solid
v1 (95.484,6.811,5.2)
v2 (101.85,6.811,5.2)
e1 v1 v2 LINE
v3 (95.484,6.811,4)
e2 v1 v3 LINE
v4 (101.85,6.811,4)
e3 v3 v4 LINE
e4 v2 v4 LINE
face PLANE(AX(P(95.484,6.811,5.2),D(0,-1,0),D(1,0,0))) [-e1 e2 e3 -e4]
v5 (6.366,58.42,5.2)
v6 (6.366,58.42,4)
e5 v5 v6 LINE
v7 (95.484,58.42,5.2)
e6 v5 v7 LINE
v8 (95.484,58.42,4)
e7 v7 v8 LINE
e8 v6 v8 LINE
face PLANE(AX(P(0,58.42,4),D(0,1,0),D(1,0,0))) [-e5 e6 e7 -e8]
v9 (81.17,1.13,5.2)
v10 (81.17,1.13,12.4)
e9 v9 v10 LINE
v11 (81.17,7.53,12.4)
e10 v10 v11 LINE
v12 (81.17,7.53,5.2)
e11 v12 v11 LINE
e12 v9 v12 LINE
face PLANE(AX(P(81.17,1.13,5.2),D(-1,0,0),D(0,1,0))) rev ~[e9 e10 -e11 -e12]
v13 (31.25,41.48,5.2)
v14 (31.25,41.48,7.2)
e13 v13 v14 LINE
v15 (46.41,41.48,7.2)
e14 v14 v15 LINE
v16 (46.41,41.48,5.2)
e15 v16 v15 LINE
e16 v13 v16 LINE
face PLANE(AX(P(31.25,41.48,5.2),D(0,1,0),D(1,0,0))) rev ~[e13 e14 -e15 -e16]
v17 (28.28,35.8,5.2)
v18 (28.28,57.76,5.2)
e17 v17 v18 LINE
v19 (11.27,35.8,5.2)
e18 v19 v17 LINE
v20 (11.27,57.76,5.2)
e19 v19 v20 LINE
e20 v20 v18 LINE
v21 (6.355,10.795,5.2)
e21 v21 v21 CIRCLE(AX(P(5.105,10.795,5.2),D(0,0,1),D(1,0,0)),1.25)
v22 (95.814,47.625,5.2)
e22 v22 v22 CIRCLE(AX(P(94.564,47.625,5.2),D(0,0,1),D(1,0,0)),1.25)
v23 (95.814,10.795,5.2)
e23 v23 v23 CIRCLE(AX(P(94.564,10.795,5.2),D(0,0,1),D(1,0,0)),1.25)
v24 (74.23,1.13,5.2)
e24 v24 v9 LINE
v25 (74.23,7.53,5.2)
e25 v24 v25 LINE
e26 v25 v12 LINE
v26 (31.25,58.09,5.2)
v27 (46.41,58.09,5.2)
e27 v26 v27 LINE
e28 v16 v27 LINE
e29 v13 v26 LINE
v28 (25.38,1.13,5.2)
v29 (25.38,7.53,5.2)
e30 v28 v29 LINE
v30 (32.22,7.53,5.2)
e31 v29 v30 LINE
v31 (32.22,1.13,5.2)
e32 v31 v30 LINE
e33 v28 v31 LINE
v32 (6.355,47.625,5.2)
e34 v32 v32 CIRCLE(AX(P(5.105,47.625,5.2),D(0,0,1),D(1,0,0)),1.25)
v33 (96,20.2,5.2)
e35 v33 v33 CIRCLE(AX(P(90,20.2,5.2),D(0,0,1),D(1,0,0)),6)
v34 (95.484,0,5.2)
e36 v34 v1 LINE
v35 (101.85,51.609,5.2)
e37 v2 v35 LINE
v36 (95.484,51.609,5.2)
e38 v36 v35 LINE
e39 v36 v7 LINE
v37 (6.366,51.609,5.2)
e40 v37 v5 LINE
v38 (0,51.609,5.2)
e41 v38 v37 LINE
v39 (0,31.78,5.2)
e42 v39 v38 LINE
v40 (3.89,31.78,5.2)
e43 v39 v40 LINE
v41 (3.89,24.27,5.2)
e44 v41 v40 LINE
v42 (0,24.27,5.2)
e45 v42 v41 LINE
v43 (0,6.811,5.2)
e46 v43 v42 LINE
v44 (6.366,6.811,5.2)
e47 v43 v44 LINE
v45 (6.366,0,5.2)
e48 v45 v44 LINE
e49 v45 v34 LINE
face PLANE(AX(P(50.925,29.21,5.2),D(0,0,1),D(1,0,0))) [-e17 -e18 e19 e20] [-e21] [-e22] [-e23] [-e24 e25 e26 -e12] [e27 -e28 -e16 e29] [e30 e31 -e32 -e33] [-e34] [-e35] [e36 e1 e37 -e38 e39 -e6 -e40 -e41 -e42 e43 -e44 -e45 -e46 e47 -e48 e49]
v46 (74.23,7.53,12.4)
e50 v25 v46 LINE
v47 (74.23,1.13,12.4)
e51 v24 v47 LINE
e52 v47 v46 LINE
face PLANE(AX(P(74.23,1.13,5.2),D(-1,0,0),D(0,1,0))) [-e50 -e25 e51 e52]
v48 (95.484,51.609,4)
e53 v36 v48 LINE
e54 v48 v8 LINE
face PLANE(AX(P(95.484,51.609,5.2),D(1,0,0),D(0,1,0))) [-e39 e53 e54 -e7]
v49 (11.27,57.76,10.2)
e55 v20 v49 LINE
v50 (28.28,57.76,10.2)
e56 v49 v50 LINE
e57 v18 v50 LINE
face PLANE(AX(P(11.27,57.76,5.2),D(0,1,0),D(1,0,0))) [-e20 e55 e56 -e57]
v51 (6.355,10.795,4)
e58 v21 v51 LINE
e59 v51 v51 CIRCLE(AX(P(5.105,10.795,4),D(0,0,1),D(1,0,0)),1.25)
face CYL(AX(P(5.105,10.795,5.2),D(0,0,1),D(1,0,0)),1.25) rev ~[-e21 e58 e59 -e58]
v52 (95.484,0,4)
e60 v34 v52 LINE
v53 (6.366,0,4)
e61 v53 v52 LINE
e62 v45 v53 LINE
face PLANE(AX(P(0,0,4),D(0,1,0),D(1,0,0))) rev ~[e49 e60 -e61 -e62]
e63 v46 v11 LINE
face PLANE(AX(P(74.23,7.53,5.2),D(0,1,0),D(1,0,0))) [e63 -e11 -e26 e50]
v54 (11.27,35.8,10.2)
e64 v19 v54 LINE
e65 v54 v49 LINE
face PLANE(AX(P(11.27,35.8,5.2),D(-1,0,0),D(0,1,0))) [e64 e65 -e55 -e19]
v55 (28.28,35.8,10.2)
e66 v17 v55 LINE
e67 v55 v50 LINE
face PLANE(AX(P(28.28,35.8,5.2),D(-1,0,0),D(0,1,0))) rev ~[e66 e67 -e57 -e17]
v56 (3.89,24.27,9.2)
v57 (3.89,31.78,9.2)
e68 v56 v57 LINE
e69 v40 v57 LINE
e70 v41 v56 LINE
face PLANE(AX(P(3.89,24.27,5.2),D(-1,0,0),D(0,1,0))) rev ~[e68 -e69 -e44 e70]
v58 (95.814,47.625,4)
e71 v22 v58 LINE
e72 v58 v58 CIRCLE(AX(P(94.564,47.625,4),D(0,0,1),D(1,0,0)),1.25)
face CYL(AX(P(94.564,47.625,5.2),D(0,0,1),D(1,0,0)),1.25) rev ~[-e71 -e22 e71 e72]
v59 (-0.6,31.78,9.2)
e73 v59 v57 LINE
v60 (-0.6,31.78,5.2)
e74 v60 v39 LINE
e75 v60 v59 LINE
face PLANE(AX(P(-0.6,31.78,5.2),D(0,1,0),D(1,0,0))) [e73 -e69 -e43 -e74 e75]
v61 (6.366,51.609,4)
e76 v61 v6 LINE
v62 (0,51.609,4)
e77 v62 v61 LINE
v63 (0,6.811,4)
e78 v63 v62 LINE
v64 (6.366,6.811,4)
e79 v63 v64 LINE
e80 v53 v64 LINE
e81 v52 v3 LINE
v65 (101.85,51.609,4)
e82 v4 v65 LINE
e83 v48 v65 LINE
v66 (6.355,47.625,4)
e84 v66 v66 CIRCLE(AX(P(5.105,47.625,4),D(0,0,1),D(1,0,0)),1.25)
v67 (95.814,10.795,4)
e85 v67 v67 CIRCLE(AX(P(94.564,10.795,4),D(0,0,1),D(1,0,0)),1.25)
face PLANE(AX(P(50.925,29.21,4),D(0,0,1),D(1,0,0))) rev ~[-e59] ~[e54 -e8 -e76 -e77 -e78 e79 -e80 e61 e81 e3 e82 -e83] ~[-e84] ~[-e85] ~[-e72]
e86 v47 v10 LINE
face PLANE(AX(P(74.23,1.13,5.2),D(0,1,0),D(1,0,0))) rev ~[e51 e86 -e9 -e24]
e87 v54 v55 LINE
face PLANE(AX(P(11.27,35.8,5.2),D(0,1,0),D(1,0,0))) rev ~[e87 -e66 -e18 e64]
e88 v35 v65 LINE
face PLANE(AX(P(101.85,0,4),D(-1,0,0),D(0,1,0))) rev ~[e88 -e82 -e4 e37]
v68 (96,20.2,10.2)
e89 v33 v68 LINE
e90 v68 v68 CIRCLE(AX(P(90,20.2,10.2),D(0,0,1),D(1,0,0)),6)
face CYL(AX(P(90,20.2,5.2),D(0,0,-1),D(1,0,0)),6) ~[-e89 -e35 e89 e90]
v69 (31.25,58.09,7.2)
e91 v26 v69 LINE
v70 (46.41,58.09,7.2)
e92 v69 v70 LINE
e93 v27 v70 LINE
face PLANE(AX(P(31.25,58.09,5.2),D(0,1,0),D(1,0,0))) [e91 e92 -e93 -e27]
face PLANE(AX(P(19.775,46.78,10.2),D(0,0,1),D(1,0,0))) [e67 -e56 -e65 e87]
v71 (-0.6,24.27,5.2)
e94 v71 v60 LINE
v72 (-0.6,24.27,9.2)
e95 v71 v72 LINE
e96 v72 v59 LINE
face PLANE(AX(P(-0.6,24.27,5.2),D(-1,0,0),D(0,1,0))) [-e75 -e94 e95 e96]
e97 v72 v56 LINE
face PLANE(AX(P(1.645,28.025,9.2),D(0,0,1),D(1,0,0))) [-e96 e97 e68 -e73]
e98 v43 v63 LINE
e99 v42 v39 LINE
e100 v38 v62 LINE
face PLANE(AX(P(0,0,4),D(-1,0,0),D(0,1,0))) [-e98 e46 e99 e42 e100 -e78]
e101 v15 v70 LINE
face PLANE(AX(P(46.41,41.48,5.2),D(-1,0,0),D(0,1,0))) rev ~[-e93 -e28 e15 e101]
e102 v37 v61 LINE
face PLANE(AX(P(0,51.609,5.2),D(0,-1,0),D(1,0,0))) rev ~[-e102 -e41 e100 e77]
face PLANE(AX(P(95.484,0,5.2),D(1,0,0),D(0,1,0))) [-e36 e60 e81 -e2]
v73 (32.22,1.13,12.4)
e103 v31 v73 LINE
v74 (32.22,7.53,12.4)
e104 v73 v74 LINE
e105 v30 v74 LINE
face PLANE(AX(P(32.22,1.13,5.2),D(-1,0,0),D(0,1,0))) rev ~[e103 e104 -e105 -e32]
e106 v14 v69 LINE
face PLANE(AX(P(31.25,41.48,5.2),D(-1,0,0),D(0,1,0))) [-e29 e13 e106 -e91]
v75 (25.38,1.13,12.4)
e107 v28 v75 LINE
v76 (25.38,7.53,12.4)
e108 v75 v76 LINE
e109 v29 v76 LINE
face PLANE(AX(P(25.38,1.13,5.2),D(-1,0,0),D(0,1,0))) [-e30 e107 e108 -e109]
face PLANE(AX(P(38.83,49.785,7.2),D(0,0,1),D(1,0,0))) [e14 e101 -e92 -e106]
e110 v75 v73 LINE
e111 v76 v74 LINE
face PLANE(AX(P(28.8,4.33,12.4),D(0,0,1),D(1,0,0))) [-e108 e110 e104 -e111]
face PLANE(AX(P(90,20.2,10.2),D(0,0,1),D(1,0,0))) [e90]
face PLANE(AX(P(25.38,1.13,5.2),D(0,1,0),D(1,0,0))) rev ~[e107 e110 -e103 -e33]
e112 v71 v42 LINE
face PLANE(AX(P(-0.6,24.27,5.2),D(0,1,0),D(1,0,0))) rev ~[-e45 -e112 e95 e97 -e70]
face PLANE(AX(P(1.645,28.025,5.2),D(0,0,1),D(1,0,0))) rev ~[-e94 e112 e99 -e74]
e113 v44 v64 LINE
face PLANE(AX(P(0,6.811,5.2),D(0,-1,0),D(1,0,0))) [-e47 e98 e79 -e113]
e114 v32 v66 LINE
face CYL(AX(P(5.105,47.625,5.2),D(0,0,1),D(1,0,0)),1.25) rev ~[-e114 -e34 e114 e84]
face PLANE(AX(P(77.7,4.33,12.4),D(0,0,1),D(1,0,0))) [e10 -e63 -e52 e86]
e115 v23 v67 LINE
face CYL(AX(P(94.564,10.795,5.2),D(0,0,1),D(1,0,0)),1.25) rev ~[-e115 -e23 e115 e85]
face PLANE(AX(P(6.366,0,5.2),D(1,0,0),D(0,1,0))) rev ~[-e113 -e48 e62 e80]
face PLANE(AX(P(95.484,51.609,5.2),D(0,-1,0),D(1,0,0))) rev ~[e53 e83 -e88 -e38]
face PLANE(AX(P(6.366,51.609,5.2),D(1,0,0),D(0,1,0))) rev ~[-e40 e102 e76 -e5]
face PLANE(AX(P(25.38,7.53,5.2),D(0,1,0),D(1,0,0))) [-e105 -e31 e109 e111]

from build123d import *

# Parameters (mm, degrees)
SKETCH033_W     = 101.85
SKETCH033_H     = 58.42
PAD011_DEPTH    = 1.2
SKETCH034_W     = 6.366
SKETCH034_H     = 6.811
POCKET017_DEPTH = 1.201
SKETCH035_R     = 1.25
POCKET018_DEPTH = 1.201
SKETCH036_R     = 6
PAD012_DEPTH    = 5
SKETCH037_W     = 6.84
SKETCH037_H     = 6.4
SKETCH037_W_2   = 6.94
PAD013_DEPTH    = 7.2
SKETCH039_W     = 17.01
SKETCH039_H     = 21.96
PAD014_DEPTH    = 5
SKETCH038_W     = 15.16
SKETCH038_H     = 16.61
PAD015_DEPTH    = 2
SKETCH040_W     = 4.49
SKETCH040_H     = 7.51
PAD016_DEPTH    = 4


with BuildPart() as part:
    # Sketch033 → Pad011 (new body)
    with BuildSketch(Plane.XY):
        with Locations((50.925, 29.21)):
            Rectangle(SKETCH033_W, SKETCH033_H)
    extrude(amount=PAD011_DEPTH)

    # Sketch034 (on Face6 of Pad011) → Pocket017 (cut, through all)
    with BuildSketch(Plane.XY.offset(1.2)):
        with Locations((3.183, 55.0145)):
            Rectangle(SKETCH034_W, SKETCH034_H)
        with Locations((98.667, 55.0145)):
            Rectangle(SKETCH034_W, SKETCH034_H)
        with Locations((98.667, 3.4055)):
            Rectangle(SKETCH034_W, SKETCH034_H)
        with Locations((3.183, 3.4055)):
            Rectangle(SKETCH034_W, SKETCH034_H)
    extrude(amount=-POCKET017_DEPTH, mode=Mode.SUBTRACT)

    # Sketch035 (on Face4 of Pocket017) → Pocket018 (cut, through all)
    with BuildSketch(Plane.XY.offset(1.2)):
        with Locations((5.105, 47.625)):
            Circle(SKETCH035_R)
        with Locations((94.564, 47.625)):
            Circle(SKETCH035_R)
        with Locations((94.564, 10.795)):
            Circle(SKETCH035_R)
        with Locations((5.105, 10.795)):
            Circle(SKETCH035_R)
    extrude(amount=-POCKET018_DEPTH, mode=Mode.SUBTRACT)

    # Sketch036 (on Face4 of Pocket018) → Pad012 (join)
    with BuildSketch(Plane.XY.offset(1.2)):
        with Locations((90, 20.2)):
            Circle(SKETCH036_R)
    extrude(amount=PAD012_DEPTH)

    # Sketch037 (on Face4 of Pocket018) → Pad013 (join)
    with BuildSketch(Plane.XY.offset(1.2)):
        with Locations((28.8, 4.33)):
            Rectangle(SKETCH037_W, SKETCH037_H)
        with Locations((77.7, 4.33)):
            Rectangle(SKETCH037_W_2, SKETCH037_H)
    extrude(amount=PAD013_DEPTH)

    # Sketch039 (on Face4 of Pocket018) → Pad014 (join)
    with BuildSketch(Plane.XY.offset(1.2)):
        with Locations((19.775, 46.78)):
            Rectangle(SKETCH039_W, SKETCH039_H)
    extrude(amount=PAD014_DEPTH)

    # Sketch038 (on Face4 of Pocket018) → Pad015 (join)
    with BuildSketch(Plane.XY.offset(1.2)):
        with Locations((38.83, 49.785)):
            Rectangle(SKETCH038_W, SKETCH038_H)
    extrude(amount=PAD015_DEPTH)

    # Sketch040 (on Face4 of Pad015) → Pad016 (join)
    with BuildSketch(Plane.XY.offset(1.2)):
        with Locations((1.645, 28.025)):
            Rectangle(SKETCH040_W, SKETCH040_H)
    extrude(amount=PAD016_DEPTH)


with BuildPart() as part_1:
    # Body004 placement: moved
    add(part.part.moved(Location((0, 0, 4))))


solid = part_1.part
